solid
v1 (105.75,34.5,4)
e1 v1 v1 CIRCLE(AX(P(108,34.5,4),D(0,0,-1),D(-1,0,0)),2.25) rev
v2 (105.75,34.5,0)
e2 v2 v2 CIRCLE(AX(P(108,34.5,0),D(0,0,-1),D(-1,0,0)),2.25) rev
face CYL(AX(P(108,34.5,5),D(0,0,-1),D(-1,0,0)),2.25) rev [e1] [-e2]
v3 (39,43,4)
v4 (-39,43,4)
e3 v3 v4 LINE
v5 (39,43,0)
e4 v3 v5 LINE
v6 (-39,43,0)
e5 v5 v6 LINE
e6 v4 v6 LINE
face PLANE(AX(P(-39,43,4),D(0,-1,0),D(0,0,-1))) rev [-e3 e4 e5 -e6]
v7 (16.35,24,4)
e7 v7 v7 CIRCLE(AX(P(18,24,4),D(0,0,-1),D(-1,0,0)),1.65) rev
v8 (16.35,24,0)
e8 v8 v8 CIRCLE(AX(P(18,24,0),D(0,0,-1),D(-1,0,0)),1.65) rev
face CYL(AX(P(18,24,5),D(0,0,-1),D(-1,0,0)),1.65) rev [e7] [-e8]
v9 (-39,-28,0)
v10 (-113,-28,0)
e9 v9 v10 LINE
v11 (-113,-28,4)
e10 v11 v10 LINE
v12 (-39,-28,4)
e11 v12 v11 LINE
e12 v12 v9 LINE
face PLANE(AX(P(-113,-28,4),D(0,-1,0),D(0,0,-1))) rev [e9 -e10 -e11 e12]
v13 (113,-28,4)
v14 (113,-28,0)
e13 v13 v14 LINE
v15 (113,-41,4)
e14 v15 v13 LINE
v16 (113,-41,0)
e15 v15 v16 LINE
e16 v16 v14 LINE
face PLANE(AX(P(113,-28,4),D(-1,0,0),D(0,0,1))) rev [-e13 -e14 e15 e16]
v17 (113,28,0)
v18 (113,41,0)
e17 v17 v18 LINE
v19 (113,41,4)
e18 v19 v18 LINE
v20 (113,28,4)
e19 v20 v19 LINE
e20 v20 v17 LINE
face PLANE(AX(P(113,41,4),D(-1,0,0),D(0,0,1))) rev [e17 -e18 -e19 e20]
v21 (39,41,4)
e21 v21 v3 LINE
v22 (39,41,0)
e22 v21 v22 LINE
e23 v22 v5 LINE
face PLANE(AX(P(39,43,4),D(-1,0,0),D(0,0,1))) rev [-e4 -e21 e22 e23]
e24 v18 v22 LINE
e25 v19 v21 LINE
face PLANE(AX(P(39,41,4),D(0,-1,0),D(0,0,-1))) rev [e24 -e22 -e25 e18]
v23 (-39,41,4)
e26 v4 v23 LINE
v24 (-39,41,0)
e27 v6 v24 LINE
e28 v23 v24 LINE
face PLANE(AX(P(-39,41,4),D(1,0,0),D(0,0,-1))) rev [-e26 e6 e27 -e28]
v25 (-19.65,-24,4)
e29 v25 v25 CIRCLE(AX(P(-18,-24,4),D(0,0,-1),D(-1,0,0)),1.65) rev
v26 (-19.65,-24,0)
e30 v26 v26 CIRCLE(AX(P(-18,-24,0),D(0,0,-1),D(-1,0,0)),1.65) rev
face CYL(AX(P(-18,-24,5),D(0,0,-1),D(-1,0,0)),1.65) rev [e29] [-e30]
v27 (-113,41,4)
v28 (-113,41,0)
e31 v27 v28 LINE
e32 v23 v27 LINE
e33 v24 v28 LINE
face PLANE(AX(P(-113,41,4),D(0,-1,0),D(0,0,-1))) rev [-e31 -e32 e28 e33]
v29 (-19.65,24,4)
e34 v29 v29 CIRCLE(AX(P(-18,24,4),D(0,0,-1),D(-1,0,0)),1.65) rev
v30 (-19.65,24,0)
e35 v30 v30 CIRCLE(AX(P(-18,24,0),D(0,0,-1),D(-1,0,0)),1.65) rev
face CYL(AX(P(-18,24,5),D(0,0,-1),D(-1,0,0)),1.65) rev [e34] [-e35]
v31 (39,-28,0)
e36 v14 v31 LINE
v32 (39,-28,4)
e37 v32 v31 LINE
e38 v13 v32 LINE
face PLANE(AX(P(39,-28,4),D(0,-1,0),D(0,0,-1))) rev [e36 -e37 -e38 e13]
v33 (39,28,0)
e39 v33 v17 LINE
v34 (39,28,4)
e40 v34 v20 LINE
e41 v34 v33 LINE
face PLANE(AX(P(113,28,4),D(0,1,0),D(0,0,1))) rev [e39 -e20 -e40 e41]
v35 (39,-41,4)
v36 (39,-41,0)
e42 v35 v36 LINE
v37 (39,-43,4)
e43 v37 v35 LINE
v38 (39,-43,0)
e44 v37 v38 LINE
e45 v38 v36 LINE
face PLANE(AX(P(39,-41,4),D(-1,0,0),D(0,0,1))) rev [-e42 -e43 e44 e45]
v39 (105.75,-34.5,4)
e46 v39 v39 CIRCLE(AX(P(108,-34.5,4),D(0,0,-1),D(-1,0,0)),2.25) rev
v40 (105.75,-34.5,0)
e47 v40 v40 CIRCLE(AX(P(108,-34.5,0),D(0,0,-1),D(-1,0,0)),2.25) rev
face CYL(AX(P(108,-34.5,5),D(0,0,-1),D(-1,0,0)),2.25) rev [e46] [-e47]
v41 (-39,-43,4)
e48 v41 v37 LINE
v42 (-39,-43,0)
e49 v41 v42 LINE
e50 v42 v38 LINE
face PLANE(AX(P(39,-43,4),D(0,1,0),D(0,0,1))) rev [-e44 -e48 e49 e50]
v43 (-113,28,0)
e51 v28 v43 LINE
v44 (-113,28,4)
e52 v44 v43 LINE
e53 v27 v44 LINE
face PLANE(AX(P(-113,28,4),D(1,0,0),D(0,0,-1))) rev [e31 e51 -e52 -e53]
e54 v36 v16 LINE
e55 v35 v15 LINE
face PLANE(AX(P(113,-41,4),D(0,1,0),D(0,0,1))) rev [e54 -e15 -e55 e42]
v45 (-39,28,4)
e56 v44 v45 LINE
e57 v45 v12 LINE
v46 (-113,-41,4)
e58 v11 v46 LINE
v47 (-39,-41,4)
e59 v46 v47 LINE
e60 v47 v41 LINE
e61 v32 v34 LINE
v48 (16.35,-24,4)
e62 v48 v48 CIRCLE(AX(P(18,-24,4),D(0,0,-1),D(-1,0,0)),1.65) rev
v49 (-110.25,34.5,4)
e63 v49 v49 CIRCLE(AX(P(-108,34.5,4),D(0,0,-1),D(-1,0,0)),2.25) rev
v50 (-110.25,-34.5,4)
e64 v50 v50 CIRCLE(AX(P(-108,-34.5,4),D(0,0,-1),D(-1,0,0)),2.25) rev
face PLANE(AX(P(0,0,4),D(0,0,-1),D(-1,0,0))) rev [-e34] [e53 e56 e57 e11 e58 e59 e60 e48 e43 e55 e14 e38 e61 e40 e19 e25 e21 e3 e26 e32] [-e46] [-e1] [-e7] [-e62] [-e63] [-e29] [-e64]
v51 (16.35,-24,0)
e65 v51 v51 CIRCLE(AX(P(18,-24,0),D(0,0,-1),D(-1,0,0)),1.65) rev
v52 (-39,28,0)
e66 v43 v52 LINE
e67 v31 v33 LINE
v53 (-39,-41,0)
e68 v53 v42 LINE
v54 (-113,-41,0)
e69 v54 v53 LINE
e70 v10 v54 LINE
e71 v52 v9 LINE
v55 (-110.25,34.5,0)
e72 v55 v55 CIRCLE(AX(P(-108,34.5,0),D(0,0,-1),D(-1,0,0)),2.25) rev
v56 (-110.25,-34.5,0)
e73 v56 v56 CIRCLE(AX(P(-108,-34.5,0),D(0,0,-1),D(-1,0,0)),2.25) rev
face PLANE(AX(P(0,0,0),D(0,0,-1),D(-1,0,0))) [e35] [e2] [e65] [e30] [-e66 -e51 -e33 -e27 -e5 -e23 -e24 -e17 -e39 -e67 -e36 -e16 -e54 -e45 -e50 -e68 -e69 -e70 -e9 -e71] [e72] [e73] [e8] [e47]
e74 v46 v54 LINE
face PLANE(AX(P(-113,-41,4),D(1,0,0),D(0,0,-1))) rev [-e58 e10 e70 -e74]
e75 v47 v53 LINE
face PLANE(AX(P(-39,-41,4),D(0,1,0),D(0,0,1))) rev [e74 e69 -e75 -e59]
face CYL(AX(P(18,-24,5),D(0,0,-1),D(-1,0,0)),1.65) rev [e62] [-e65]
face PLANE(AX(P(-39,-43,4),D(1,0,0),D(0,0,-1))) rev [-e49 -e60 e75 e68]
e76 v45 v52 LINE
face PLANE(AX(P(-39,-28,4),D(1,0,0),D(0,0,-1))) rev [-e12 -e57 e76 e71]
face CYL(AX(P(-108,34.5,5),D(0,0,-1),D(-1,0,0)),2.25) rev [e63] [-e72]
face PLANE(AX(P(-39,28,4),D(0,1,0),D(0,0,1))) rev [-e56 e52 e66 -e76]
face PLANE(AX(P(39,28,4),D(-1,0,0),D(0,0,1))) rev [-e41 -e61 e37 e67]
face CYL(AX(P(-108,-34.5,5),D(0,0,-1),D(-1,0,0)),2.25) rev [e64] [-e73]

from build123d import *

# Parameters (mm, degrees)
SENSOR_BRIDGE_DEPTH      = 4
DECK_COLUMNS_M4_START    = -1
SKETCH_DECK_COLUMNS_M4_R = 2.25
DECK_COLUMNS_M4_DEPTH    = 6
MID360_MOUNT_START       = -1
SKETCH_MID360_MOUNT_R    = 1.65
MID360_MOUNT_DEPTH       = 6


with BuildPart() as part:
    # Sketch_Sensor_bridge → Sensor_bridge (new body)
    with BuildSketch(Plane.XY):
        Polygon((113, -28), (113, -41), (39, -41), (39, -43), (-39, -43), (-39, -41), (-113, -41), (-113, -28), (-39, -28), (-39, 28), (-113, 28), (-113, 41), (-39, 41), (-39, 43), (39, 43), (39, 41), (113, 41), (113, 28), (39, 28), (39, -28), align=None)
    extrude(amount=SENSOR_BRIDGE_DEPTH)

    # Sketch_Deck_columns_M4 → Deck_columns_M4 (cut)
    with BuildSketch(Plane.XY.offset(DECK_COLUMNS_M4_START)):
        with Locations(Location((-108, -34.5, 0), (0, 0, 180))):
            Circle(SKETCH_DECK_COLUMNS_M4_R)
        with Locations(Location((-108, 34.5, 0), (0, 0, 180))):
            Circle(SKETCH_DECK_COLUMNS_M4_R)
        with Locations(Location((108, -34.5, 0), (0, 0, 180))):
            Circle(SKETCH_DECK_COLUMNS_M4_R)
        with Locations(Location((108, 34.5, 0), (0, 0, 180))):
            Circle(SKETCH_DECK_COLUMNS_M4_R)
    extrude(amount=DECK_COLUMNS_M4_DEPTH, mode=Mode.SUBTRACT)

    # Sketch_MID360_mount → MID360_mount (cut)
    with BuildSketch(Plane.XY.offset(MID360_MOUNT_START)):
        with Locations(Location((-18, -24, 0), (0, 0, 180))):
            Circle(SKETCH_MID360_MOUNT_R)
        with Locations(Location((-18, 24, 0), (0, 0, 180))):
            Circle(SKETCH_MID360_MOUNT_R)
        with Locations(Location((18, -24, 0), (0, 0, 180))):
            Circle(SKETCH_MID360_MOUNT_R)
        with Locations(Location((18, 24, 0), (0, 0, 180))):
            Circle(SKETCH_MID360_MOUNT_R)
    extrude(amount=MID360_MOUNT_DEPTH, mode=Mode.SUBTRACT)


solid = part.part
